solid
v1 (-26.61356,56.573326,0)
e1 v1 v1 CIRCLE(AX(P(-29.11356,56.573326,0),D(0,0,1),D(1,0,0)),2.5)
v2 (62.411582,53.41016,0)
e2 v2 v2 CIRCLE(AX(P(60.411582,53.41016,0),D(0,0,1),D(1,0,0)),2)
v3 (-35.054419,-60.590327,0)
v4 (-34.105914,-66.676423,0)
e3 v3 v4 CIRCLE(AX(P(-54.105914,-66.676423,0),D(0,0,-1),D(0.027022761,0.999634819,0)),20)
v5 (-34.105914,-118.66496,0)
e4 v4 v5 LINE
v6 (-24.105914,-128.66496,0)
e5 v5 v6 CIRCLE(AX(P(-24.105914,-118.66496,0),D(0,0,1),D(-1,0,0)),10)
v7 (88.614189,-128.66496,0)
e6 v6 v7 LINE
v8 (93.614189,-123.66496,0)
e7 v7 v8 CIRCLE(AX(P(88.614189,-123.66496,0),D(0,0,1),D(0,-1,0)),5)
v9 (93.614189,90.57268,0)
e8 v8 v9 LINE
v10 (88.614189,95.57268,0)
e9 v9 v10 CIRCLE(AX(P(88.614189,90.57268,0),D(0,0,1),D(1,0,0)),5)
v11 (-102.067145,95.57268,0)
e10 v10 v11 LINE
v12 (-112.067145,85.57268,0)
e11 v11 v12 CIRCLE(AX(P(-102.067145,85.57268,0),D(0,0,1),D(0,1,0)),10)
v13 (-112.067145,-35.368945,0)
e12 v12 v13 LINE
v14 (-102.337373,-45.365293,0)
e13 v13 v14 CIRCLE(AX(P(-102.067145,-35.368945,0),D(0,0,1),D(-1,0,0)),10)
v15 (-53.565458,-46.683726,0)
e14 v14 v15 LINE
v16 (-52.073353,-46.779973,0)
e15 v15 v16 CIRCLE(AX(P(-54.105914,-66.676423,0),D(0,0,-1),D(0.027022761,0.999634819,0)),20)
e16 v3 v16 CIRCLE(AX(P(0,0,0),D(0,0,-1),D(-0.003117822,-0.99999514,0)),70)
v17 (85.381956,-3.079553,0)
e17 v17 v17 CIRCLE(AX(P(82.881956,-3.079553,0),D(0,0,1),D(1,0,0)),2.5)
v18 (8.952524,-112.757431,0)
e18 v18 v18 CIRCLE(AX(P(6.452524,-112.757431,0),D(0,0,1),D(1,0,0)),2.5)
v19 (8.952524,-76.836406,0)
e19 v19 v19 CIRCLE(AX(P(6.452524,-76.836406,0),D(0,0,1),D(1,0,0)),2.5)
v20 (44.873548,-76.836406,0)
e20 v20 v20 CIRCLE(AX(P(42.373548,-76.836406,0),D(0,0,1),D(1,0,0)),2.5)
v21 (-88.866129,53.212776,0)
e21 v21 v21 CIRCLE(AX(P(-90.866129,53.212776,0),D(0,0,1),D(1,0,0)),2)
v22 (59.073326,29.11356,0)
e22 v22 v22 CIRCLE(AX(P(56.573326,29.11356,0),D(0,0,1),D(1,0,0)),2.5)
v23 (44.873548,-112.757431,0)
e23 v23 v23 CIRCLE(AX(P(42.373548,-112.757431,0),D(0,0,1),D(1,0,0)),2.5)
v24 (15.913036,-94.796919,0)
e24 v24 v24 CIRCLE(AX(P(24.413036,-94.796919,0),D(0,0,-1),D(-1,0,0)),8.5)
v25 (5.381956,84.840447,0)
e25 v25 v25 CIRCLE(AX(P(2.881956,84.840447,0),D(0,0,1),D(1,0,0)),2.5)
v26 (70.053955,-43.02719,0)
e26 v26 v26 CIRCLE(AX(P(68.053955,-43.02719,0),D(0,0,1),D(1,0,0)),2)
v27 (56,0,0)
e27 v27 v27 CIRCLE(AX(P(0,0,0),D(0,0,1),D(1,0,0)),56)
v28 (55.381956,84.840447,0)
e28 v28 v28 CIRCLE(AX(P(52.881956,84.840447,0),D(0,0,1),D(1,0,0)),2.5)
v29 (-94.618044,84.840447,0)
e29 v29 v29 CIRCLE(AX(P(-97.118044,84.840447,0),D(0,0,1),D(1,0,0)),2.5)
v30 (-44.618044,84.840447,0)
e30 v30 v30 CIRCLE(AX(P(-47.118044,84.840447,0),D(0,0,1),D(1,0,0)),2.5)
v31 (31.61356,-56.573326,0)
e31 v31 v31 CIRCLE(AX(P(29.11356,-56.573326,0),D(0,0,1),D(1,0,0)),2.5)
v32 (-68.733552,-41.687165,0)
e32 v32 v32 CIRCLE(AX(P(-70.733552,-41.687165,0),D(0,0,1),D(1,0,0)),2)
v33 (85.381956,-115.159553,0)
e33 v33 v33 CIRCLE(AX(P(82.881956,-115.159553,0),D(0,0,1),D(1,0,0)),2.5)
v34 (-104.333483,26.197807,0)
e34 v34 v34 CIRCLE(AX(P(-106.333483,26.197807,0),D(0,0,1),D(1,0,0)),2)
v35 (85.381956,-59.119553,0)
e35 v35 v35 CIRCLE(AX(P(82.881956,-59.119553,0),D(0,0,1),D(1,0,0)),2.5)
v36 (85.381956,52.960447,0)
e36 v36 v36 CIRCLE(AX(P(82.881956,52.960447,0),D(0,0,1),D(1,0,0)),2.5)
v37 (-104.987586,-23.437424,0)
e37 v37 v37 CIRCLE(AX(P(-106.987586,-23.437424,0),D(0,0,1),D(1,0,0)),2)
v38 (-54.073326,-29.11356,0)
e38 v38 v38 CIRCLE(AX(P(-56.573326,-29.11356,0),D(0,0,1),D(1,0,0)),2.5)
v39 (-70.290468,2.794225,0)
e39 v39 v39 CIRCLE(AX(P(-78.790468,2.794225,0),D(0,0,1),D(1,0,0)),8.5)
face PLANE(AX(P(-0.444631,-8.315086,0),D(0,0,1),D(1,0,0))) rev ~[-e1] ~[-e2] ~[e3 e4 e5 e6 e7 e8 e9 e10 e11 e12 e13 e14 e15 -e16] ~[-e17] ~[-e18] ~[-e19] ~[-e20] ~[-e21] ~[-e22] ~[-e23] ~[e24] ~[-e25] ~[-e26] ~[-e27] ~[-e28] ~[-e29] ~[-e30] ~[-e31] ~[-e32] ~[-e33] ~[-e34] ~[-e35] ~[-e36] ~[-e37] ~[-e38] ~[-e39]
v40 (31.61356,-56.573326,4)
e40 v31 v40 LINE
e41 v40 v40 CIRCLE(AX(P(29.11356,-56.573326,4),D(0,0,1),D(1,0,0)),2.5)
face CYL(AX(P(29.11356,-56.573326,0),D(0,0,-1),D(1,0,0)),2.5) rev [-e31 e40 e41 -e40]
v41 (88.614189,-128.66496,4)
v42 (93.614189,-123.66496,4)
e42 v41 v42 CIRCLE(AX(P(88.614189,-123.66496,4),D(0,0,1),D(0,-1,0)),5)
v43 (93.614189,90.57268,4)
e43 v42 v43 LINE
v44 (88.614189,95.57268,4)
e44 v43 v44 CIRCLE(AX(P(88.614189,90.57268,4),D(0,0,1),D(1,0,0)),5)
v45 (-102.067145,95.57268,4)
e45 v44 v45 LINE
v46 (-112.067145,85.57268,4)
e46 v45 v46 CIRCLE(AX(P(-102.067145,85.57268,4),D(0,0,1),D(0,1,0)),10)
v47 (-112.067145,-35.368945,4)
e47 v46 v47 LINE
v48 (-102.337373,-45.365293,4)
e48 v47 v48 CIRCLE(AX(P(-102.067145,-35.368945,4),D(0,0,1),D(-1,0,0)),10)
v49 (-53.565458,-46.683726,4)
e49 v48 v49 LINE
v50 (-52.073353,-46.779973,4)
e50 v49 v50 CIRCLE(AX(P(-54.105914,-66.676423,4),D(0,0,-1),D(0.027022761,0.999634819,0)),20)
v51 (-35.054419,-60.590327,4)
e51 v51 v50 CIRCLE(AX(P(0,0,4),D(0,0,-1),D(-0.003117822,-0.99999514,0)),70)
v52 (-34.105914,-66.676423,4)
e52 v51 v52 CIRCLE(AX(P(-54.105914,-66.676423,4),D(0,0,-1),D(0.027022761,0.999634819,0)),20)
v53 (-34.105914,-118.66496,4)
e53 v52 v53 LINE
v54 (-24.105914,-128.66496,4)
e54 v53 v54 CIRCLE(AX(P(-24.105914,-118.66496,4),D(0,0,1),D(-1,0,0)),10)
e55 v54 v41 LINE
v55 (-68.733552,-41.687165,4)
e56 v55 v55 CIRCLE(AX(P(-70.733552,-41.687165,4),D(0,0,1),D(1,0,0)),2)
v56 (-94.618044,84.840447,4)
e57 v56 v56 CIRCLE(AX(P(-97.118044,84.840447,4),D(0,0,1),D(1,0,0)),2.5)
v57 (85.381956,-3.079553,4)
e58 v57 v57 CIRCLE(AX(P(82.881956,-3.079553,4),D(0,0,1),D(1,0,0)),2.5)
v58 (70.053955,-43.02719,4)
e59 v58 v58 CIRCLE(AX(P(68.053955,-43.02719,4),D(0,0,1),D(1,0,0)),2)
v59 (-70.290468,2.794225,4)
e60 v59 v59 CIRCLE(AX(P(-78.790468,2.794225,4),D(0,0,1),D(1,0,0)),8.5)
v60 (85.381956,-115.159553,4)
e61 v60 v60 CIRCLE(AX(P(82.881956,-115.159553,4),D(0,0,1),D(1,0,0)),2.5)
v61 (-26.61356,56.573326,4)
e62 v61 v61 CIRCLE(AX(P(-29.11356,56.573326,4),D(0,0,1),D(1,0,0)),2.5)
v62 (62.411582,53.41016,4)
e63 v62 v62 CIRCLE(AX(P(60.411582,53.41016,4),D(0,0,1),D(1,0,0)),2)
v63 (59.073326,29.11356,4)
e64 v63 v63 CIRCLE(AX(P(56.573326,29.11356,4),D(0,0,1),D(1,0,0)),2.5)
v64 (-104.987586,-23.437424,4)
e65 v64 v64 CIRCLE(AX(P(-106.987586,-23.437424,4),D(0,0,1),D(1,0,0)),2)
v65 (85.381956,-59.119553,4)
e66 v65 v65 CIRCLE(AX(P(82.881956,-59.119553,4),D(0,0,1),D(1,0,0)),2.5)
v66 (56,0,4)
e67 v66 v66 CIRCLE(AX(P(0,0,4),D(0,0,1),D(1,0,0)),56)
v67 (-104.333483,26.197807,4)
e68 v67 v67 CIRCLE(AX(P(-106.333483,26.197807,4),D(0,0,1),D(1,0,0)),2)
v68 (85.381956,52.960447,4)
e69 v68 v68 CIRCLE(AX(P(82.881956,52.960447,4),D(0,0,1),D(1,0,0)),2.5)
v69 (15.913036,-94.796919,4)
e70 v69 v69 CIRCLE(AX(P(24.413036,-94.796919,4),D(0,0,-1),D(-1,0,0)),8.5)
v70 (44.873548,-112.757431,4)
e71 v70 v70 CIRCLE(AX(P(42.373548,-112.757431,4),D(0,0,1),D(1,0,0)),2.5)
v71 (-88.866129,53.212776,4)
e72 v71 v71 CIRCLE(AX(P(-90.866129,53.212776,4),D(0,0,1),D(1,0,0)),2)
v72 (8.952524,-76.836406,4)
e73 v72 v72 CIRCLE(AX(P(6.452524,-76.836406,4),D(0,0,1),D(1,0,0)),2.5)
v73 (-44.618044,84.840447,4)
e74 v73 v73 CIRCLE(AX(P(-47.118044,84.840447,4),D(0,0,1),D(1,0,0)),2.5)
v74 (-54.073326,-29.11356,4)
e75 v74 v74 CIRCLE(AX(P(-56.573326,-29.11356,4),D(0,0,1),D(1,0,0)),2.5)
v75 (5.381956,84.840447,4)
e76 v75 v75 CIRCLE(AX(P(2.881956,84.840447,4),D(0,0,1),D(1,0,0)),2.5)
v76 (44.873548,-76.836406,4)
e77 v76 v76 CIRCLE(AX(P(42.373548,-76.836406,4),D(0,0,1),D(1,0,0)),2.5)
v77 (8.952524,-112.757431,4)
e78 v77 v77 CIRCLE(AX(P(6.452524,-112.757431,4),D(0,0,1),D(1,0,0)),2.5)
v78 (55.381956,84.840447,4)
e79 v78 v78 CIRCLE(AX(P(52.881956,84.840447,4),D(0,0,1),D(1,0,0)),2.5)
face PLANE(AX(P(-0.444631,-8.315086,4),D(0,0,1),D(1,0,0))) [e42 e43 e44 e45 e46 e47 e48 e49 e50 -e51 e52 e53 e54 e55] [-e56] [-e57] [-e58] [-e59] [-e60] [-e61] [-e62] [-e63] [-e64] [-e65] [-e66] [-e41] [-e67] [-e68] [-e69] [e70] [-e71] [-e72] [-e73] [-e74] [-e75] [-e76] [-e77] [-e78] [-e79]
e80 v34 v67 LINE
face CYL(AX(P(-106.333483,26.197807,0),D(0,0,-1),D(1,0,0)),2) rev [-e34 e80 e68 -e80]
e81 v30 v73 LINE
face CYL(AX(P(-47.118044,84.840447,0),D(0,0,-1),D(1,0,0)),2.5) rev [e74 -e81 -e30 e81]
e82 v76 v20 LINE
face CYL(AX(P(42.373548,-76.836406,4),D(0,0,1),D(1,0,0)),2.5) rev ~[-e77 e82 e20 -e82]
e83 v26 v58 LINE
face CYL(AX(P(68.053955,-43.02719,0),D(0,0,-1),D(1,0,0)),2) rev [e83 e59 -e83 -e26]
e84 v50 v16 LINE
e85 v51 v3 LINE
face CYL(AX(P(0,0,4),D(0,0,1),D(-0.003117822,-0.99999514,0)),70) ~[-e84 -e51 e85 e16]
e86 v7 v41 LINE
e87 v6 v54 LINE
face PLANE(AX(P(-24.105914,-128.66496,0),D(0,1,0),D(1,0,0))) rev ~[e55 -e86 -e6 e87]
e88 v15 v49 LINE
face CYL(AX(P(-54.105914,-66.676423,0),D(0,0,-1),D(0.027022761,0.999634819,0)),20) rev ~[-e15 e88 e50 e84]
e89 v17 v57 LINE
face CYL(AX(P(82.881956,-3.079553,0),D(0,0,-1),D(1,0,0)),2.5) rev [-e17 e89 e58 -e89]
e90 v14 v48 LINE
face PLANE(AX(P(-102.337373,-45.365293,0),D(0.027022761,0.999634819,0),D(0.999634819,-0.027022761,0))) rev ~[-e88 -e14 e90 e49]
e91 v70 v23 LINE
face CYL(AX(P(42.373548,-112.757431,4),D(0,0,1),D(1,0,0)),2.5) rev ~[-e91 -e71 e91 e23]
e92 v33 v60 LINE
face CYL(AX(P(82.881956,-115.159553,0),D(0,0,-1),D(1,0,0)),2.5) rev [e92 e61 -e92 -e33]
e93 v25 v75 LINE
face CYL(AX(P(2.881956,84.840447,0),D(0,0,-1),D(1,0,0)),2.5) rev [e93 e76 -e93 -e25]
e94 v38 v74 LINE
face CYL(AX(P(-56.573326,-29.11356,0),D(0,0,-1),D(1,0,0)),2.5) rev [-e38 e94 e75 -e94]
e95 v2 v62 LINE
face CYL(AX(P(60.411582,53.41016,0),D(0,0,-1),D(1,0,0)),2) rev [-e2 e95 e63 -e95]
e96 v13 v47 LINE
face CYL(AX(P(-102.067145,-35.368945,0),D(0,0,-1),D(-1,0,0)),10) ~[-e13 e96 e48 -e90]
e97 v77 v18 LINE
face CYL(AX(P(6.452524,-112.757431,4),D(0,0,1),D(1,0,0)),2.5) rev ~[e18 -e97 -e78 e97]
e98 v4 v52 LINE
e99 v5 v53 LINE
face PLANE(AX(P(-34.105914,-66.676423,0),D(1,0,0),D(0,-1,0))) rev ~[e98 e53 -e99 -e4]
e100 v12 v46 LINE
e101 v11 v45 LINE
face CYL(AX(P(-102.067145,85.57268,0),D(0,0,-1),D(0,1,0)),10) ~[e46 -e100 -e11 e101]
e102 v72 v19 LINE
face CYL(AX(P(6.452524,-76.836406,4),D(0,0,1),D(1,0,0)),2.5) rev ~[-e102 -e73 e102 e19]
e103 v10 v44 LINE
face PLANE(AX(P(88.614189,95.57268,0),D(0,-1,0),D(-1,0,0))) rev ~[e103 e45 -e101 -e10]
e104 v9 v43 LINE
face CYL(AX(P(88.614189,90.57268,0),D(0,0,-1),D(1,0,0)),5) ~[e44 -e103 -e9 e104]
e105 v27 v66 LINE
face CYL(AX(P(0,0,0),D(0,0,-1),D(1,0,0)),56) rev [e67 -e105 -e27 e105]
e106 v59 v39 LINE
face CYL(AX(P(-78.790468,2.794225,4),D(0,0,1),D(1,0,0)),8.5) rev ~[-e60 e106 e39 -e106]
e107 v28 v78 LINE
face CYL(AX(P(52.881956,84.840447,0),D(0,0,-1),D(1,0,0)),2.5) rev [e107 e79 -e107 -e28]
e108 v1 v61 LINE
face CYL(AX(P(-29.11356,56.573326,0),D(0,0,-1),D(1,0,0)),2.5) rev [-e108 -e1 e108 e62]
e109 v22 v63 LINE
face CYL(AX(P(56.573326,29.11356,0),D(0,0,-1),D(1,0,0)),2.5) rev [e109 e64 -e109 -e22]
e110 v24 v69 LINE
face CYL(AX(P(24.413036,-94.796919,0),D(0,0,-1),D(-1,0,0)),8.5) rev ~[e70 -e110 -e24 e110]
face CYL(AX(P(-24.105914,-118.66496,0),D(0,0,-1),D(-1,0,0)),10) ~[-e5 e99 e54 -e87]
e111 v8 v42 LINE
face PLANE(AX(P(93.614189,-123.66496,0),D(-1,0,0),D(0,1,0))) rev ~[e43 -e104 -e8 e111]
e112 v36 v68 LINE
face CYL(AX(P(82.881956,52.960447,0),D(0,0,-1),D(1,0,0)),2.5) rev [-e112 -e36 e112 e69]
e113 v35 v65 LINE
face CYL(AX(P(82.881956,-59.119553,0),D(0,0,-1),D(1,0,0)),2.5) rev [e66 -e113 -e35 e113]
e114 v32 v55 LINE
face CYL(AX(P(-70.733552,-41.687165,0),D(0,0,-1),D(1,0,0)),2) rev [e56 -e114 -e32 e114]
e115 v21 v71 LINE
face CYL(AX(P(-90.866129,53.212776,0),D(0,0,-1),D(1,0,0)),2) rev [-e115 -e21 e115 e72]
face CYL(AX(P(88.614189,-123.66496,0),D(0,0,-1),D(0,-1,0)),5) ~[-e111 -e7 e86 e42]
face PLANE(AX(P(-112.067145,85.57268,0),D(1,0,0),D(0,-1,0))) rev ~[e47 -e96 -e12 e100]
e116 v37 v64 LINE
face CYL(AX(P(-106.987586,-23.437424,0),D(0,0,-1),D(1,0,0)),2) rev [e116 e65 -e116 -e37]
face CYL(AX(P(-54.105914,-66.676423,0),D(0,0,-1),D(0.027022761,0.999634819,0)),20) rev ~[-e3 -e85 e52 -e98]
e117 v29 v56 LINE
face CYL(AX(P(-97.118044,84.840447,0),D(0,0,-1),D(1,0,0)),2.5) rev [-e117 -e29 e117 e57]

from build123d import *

# Parameters (mm, degrees)
SKETCH1_R           = 56
SKETCH1_R_2         = 2
SKETCH1_R_3         = 2.5
BOSS_EXTRUDE1_DEPTH = 4
SKETCH4_R           = 8.5
CUT_EXTRUDE2_DEPTH  = 171.674300953
SKETCH6_R           = 8.5
CUT_EXTRUDE4_DEPTH  = 171.674300953
SKETCH7_R           = 2.5
CUT_EXTRUDE5_DEPTH  = 171.674300953
BOSS_EXTRUDE3_DEPTH = 4


with BuildPart() as part:
    # Sketch1 → Boss-Extrude1 (new body)
    with BuildSketch(Plane.XY):
        with BuildLine():
            Line((-112.067145126, 20.879542552), (-112.067145126, -35.368944903))
            ThreePointArc((-112.067145126, -35.368944903), (-109.233115964, -42.343818518), (-102.337372736, -45.365293088))
            Line((-102.337372736, -45.365293088), (-53.565458311, -46.683726342))
            ThreePointArc((-53.565458311, -46.683726342), (-39.773971855, -52.726675482), (-34.105913531, -66.676422713))
            Line((-34.105913531, -66.676422713), (-34.105913531, -118.664960222))
            ThreePointArc((-34.105913531, -118.664960222), (-31.176981342, -125.736028034), (-24.105913531, -128.664960222))
            Line((-24.105913531, -128.664960222), (58.614189281, -128.664960222))
            Line((58.614189281, -128.664960222), (88.614189281, -128.664960222))
            ThreePointArc((88.614189281, -128.664960222), (92.149723187, -127.200494128), (93.614189281, -123.664960222))
            Line((93.614189281, -123.664960222), (93.614189281, 90.572680082))
            ThreePointArc((93.614189281, 90.572680082), (92.149723187, 94.108213988), (88.614189281, 95.572680082))
            Line((88.614189281, 95.572680082), (58.614189281, 95.572680082))
            Line((58.614189281, 95.572680082), (-0.097235187, 95.572680082))
            Line((-0.097235187, 95.572680082), (-102.067145126, 95.572680082))
            ThreePointArc((-102.067145126, 95.572680082), (-109.138212938, 92.643747894), (-112.067145126, 85.572680082))
            Line((-112.067145126, 85.572680082), (-112.067145126, 20.879542552))
        make_face()
        Circle(SKETCH1_R, mode=Mode.SUBTRACT)
        with Locations((-90.866128835, 53.212776201)):
            Circle(SKETCH1_R_2, mode=Mode.SUBTRACT)
        with Locations((60.411582215, 53.410160046)):
            Circle(SKETCH1_R_2, mode=Mode.SUBTRACT)
        with Locations((68.053955118, -43.027190126)):
            Circle(SKETCH1_R_2, mode=Mode.SUBTRACT)
        with Locations((-70.733552477, -41.68716468)):
            Circle(SKETCH1_R_2, mode=Mode.SUBTRACT)
        with Locations((29.113560385, -56.573326106)):
            Circle(SKETCH1_R_3, mode=Mode.SUBTRACT)
        with Locations((-106.987586177, -23.437423897)):
            Circle(SKETCH1_R_2, mode=Mode.SUBTRACT)
        with Locations((-106.333483393, 26.197806711)):
            Circle(SKETCH1_R_2, mode=Mode.SUBTRACT)
        with Locations((-97.118043766, 84.840447035)):
            Circle(SKETCH1_R_3, mode=Mode.SUBTRACT)
        with Locations((82.881956234, -115.159552965)):
            Circle(SKETCH1_R_3, mode=Mode.SUBTRACT)
        with Locations((-56.573326106, -29.113560385)):
            Circle(SKETCH1_R_3, mode=Mode.SUBTRACT)
        with Locations((-29.113560385, 56.573326106)):
            Circle(SKETCH1_R_3, mode=Mode.SUBTRACT)
        with Locations((56.573326106, 29.113560385)):
            Circle(SKETCH1_R_3, mode=Mode.SUBTRACT)
        with Locations((-47.118043766, 84.840447035)):
            Circle(SKETCH1_R_3, mode=Mode.SUBTRACT)
        with Locations((2.881956234, 84.840447035)):
            Circle(SKETCH1_R_3, mode=Mode.SUBTRACT)
        with Locations((52.881956234, 84.840447035)):
            Circle(SKETCH1_R_3, mode=Mode.SUBTRACT)
        with Locations((82.881956234, -59.119552965)):
            Circle(SKETCH1_R_3, mode=Mode.SUBTRACT)
        with Locations((82.881956234, -3.079552965)):
            Circle(SKETCH1_R_3, mode=Mode.SUBTRACT)
        with Locations((82.881956234, 52.960447035)):
            Circle(SKETCH1_R_3, mode=Mode.SUBTRACT)
    extrude(amount=BOSS_EXTRUDE1_DEPTH)

    # Sketch4 → Cut-Extrude2 (cut, through all)
    with BuildSketch(Plane(origin=(0, 0, 0), x_dir=(-1, 0, 0), z_dir=(0, 0, -1))):
        with Locations((-24.413036242, -94.796918523)):
            Circle(SKETCH4_R)
    extrude(amount=-CUT_EXTRUDE2_DEPTH, mode=Mode.SUBTRACT)

    # Sketch6 → Cut-Extrude4 (cut, through all)
    with BuildSketch(Plane.XY.offset(4)):
        with Locations((-78.790468385, 2.794224701)):
            Circle(SKETCH6_R)
    extrude(amount=-CUT_EXTRUDE4_DEPTH, mode=Mode.SUBTRACT)

    # Sketch7 → Cut-Extrude5 (cut, through all)
    with BuildSketch(Plane.XY.offset(4)):
        with Locations((42.373548484, -76.836406281)):
            Circle(SKETCH7_R)
        with Locations((6.452523999, -112.757430765)):
            Circle(SKETCH7_R)
        with Locations((6.452523999, -76.836406281)):
            Circle(SKETCH7_R)
        with Locations((42.373548484, -112.757430765)):
            Circle(SKETCH7_R)
    extrude(amount=-CUT_EXTRUDE5_DEPTH, mode=Mode.SUBTRACT)

    # Sketch8 → Boss-Extrude3 (add)
    with BuildSketch(Plane.XY.offset(4)):
        with BuildLine():
            Line((-52.172571307, -46.669291865), (-39.028626082, -47.635255681))
            Line((-39.028626082, -47.635255681), (-0.218247557, -69.999659771))
            ThreePointArc((-0.218247557, -69.999659771), (-28.675355133, -63.857059187), (-52.172571307, -46.669291865))
        make_face()
    extrude(amount=-BOSS_EXTRUDE3_DEPTH)


solid = part.part
